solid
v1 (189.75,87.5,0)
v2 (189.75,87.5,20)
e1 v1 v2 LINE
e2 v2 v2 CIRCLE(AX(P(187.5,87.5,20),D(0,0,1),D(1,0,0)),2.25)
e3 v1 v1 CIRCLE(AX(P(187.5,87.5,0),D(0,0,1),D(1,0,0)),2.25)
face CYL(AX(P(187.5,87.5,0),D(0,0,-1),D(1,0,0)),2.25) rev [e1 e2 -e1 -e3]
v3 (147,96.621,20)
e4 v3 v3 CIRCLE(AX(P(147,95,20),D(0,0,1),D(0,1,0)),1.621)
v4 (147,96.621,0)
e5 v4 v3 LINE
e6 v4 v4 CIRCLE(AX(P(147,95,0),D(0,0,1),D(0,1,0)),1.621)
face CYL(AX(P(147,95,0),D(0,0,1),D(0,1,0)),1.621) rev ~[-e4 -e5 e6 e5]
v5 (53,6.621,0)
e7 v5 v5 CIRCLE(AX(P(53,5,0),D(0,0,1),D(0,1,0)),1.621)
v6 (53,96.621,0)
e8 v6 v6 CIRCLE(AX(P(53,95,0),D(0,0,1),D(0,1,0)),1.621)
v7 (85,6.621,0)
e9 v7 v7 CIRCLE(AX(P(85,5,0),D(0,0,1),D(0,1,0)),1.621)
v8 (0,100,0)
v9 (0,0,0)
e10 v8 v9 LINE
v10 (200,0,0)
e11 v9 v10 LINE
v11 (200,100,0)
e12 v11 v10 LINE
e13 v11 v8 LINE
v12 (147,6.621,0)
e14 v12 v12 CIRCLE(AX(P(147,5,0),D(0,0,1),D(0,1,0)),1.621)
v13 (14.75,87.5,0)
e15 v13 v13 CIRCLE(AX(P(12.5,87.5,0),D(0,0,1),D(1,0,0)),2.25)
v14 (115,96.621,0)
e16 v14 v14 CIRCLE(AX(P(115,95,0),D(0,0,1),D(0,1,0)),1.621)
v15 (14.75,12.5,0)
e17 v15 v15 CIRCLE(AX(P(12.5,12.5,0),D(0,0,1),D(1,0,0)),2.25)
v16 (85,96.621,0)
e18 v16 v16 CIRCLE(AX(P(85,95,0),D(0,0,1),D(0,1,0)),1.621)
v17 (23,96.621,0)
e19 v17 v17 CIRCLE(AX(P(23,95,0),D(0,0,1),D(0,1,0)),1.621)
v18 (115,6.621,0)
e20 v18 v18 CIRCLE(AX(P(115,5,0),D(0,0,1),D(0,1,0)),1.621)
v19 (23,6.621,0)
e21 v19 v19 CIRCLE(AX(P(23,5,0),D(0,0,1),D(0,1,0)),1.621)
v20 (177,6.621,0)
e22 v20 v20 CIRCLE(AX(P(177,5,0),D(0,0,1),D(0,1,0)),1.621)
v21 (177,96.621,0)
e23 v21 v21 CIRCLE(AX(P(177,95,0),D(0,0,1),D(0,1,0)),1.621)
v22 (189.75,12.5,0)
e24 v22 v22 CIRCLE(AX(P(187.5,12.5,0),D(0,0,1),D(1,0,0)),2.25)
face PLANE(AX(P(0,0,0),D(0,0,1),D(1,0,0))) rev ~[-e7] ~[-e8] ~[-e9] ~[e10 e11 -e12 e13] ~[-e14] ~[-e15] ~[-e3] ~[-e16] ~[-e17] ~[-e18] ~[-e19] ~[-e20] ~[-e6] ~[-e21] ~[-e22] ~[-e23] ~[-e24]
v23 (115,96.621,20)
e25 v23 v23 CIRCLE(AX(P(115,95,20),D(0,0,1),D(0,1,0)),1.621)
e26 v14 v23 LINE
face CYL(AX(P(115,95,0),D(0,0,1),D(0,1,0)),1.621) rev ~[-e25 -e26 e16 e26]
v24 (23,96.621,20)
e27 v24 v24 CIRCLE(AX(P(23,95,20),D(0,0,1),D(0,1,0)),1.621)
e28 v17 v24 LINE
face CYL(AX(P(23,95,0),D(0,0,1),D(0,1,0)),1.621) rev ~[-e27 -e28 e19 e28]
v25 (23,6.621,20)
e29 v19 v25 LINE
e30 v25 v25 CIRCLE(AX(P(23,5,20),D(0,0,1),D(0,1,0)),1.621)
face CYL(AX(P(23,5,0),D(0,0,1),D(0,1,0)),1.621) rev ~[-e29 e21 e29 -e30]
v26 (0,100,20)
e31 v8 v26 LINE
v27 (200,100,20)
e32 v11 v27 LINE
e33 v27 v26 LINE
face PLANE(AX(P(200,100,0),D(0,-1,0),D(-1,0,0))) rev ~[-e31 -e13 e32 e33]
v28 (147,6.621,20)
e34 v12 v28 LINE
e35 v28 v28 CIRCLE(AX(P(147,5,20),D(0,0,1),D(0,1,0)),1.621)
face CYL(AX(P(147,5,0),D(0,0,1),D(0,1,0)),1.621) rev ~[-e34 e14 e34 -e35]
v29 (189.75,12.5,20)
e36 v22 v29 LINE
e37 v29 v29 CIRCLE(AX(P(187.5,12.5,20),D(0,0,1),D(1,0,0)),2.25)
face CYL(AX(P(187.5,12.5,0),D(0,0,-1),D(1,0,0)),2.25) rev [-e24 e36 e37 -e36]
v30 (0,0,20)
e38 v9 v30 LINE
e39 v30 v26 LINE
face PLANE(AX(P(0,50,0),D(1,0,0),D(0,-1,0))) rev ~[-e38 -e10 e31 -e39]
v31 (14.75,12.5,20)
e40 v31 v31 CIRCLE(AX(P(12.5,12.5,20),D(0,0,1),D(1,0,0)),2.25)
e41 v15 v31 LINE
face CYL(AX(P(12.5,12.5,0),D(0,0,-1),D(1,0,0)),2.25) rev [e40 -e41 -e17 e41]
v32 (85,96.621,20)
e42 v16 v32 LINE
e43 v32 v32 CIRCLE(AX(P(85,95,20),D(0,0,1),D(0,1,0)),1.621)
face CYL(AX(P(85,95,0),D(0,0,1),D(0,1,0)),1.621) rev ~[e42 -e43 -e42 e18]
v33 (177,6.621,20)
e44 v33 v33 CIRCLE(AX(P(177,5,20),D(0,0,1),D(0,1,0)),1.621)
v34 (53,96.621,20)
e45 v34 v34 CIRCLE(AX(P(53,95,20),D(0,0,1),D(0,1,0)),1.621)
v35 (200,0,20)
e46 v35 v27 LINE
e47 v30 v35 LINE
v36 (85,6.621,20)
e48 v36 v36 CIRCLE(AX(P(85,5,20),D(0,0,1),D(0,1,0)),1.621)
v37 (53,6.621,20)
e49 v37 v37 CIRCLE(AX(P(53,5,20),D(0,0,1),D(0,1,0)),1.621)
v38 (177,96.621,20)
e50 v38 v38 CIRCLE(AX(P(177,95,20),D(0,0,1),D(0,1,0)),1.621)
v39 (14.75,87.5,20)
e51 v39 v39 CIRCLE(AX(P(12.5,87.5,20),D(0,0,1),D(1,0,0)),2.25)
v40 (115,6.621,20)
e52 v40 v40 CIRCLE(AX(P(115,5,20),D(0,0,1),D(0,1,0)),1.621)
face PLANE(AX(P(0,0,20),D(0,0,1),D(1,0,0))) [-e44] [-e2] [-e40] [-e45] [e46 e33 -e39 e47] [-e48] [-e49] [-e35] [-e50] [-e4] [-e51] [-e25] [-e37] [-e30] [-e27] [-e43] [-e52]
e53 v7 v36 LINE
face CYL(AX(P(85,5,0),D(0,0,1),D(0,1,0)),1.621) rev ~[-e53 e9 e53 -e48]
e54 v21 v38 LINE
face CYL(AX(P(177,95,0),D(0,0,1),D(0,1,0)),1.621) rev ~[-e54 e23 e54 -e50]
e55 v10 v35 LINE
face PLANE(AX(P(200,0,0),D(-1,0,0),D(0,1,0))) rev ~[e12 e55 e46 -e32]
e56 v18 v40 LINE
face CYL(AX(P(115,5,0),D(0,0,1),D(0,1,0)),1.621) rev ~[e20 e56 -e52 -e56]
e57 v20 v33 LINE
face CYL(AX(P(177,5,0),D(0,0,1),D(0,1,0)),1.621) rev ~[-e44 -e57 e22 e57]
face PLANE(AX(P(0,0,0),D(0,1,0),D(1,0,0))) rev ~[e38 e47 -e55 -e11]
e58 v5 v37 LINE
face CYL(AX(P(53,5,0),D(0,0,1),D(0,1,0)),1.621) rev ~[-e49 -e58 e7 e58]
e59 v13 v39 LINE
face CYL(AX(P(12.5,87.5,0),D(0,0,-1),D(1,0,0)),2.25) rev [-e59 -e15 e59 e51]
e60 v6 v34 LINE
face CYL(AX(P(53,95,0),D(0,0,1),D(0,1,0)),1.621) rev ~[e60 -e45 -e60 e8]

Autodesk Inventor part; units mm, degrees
ref_plane "YZ Plane" through (0, 0, 0) normal (1, 0, 0) x (0, 1, 0)
ref_plane "XZ Plane" through (0, 0, 0) normal (0, 1, 0) x (-1, 0, 0)
ref_plane "XY Plane" through (0, 0, 0) normal (0, 0, 1) x (1, 0, 0)
sketch "Sketch2" plane through (0, 0, 0) normal (0, 0, 1) x (1, 0, 0)
  line L0 (0, 0) -> (200, 0)
  line L1 (200, 0) -> (200, 100)
  line L2 (200, 100) -> (0, 100)
  line L3 (0, 100) -> (0, 0)
  line L4 (0, 5) -> (200, 5) construction
  line L5 (0, 95) -> (200, 95) construction
  circle A0 centre (12.5, 87.5) radius 2.25
  circle A1 centre (12.5, 12.5) radius 2.25
  circle A2 centre (187.5, 87.5) radius 2.25
  circle A3 centre (187.5, 12.5) radius 2.25
  line L6 (0, 50) -> (200, 50)
  line L7 (100, 95) -> (100, 5)
  point P0 (23, 5)
  point P1 (23, 95)
  point P2 (53, 5)
  point P3 (53, 95)
  point P4 (85, 95)
  point P5 (85, 5)
  point P6 (115, 95)
  point P7 (115, 5)
  point P8 (147, 95)
  point P9 (147, 5)
  point P10 (177, 95)
  point P11 (177, 5)
  dimension "d18" = 90
  dimension "d0" = 200
  dimension "d1" = 100
  dimension "d2" = 30
  dimension "d3" = 32
  dimension "d4" = 30
  dimension "d5" = 32
  dimension "d6" = 30
  dimension "d21" = 4.5
  dimension "d22" = 4.5
  dimension "d23" = 4.5
  dimension "d24" = 4.5
  dimension "d35" = 75
  dimension "d36" = 175
extrude "Extrusion2" add sketch "Sketch2" along normal blind 20
hole "Hole1" at (23, 5, 0) at (23, 95, 0) at (53, 5, 0) at (53, 95, 0) at (85, 95, 0) at (85, 5, 0) at (115, 95, 0) at (115, 5, 0) at (147, 95, 0) at (147, 5, 0) at (177, 95, 0) at (177, 5, 0) direction (0, 0, 1) diameter 3.242 end through all thread size "M4x0.7" class "6H" standard "ANSI Metric M Profile"
properties part number "3lasers1fiberHeatSinkBlock"
